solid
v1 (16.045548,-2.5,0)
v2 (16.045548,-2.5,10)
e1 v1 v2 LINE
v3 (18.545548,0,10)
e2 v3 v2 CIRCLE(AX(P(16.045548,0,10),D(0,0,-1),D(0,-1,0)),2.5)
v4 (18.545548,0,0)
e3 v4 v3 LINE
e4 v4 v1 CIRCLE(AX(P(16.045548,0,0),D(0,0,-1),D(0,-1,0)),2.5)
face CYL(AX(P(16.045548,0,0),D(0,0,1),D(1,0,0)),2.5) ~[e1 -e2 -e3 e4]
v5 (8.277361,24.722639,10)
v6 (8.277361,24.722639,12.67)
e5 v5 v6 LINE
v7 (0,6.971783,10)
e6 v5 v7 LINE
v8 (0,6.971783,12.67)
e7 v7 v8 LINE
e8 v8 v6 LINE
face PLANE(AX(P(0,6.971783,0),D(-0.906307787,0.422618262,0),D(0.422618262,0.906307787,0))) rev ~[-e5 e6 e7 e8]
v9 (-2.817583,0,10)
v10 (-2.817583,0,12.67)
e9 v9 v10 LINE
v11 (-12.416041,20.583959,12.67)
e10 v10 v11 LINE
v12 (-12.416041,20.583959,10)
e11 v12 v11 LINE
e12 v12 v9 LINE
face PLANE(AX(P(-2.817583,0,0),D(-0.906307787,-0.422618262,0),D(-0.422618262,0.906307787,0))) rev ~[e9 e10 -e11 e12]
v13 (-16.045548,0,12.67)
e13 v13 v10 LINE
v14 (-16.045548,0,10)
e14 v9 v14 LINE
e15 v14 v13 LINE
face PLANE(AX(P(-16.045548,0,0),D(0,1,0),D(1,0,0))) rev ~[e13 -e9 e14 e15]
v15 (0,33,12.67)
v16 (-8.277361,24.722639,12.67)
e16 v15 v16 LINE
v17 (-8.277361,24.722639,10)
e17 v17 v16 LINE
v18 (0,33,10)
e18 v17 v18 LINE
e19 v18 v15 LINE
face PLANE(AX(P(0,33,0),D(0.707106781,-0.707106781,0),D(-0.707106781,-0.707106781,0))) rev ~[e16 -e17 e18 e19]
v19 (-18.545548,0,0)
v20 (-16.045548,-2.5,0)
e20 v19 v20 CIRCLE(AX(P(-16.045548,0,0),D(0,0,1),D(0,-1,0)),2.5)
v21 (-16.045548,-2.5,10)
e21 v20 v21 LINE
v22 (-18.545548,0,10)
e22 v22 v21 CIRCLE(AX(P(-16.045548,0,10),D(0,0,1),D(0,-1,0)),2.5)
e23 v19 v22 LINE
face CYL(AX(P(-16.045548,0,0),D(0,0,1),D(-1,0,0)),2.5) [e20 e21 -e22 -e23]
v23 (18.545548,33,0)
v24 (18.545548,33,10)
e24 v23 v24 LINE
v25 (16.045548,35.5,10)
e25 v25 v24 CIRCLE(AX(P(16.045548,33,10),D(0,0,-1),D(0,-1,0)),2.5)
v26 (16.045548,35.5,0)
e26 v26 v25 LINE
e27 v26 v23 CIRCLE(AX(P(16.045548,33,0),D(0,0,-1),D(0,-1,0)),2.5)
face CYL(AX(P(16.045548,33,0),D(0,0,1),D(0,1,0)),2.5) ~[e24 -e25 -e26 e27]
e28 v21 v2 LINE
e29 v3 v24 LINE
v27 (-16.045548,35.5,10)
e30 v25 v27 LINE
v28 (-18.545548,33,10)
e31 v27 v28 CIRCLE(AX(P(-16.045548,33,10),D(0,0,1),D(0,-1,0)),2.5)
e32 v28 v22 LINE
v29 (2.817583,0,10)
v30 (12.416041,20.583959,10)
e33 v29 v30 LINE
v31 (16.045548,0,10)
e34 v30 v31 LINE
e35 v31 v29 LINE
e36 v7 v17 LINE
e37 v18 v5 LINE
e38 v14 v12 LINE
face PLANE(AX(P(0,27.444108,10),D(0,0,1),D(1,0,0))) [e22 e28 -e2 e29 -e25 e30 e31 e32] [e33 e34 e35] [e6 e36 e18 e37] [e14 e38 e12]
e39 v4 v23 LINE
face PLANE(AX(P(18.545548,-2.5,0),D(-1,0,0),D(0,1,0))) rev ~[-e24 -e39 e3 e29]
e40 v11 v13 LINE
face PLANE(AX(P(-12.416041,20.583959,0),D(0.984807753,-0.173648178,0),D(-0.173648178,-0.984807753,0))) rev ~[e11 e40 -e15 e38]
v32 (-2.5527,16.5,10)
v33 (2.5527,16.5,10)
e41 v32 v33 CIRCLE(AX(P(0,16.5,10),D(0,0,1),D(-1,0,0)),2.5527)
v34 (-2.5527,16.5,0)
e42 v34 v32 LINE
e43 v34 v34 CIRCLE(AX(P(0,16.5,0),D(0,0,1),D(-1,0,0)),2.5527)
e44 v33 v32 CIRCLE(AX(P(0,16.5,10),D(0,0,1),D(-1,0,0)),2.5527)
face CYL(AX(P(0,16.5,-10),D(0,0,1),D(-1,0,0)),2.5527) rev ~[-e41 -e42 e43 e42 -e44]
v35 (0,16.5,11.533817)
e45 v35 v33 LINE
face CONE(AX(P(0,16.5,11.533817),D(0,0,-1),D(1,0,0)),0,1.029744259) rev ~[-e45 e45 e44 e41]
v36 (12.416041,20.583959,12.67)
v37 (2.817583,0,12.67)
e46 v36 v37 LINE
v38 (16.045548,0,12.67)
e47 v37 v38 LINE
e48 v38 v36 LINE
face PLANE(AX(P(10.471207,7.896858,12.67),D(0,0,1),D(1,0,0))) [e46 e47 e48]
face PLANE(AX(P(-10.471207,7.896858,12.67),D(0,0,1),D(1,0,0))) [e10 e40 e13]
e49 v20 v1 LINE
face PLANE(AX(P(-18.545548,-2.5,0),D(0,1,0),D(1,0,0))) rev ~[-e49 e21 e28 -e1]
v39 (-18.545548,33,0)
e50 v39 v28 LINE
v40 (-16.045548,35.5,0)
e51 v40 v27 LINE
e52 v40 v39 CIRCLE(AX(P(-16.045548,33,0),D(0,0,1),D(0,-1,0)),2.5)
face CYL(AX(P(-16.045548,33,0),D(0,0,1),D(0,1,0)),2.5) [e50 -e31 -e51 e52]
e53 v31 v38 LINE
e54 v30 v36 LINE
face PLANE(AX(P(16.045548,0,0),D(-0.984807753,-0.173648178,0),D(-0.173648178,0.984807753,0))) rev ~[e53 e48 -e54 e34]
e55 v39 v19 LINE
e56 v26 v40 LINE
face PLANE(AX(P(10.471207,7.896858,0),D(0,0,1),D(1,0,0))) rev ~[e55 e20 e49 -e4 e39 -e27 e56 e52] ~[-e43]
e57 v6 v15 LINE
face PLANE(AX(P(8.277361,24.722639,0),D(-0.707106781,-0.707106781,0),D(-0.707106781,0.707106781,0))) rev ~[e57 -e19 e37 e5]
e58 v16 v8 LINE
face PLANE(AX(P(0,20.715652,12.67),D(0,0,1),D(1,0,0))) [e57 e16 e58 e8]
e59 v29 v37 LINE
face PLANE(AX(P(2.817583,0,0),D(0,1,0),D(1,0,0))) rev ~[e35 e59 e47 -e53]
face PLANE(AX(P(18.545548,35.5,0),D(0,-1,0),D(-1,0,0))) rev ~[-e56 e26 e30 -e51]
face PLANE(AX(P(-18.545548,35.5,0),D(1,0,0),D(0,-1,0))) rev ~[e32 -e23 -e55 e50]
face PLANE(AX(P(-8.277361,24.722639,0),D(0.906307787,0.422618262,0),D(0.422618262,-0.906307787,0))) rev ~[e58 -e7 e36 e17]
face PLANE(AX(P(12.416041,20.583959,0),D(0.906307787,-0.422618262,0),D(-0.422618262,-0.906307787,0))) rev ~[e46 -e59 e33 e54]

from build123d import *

# Parameters (mm, degrees)
F1_DEPTH = 10
F2_DEPTH = 12.67
F4_D     = 5.1054
F4_DEPTH = 10
F4_TIP   = 1.5338169022
F5_R     = 2.5


with BuildPart() as f1:
    # F0 (on Top) → F1 (new body)
    with BuildSketch(Plane.XY):
        Polygon((-8.2773605124, 24.7226394876), (0, 33), (8.2773605124, 24.7226394876), (12.4160407685, 20.5839592315), (18.5455481509, 14.4544518491), (18.5455481509, 35.5), (-18.5455481509, 35.5), (-18.5455481509, 14.4544518491), (-12.4160407685, 20.5839592315), align=None)
        Polygon((0, 0), (-2.8175829438, 0), (-16.0455481509, 0), (-18.5455481509, 0), (-18.5455481509, -2.5), (18.5455481509, -2.5), (18.5455481509, 0), (16.0455481509, 0), (2.8175829438, 0), align=None)
        Polygon((-16.0455481509, 0), (-12.4160407685, 20.5839592315), (-18.5455481509, 14.4544518491), (-18.5455481509, 0), align=None)
        Polygon((-2.8175829438, 0), (-12.4160407685, 20.5839592315), (-16.0455481509, 0), align=None)
        Polygon((0, 6.9717825853), (-8.2773605124, 24.7226394876), (-12.4160407685, 20.5839592315), (-2.8175829438, 0), (0, 0), (2.8175829438, 0), (12.4160407685, 20.5839592315), (8.2773605124, 24.7226394876), align=None)
        Polygon((16.0455481509, 0), (12.4160407685, 20.5839592315), (2.8175829438, 0), align=None)
        Polygon((18.5455481509, 14.4544518491), (12.4160407685, 20.5839592315), (16.0455481509, 0), (18.5455481509, 0), align=None)
        Polygon((8.2773605124, 24.7226394876), (0, 33), (-8.2773605124, 24.7226394876), (0, 6.9717825853), align=None)
    extrude(amount=F1_DEPTH)

    # F0 (on Top) → F2 (join)
    with BuildSketch(Plane.XY):
        Polygon((16.0455481509, 0), (12.4160407685, 20.5839592315), (2.8175829438, 0), align=None)
        Polygon((8.2773605124, 24.7226394876), (0, 33), (-8.2773605124, 24.7226394876), (0, 6.9717825853), align=None)
        Polygon((-2.8175829438, 0), (-12.4160407685, 20.5839592315), (-16.0455481509, 0), align=None)
    extrude(amount=F2_DEPTH)

    # F4
    with Locations(Plane(origin=(0, 0, 0), x_dir=(1, 0, 0), z_dir=(0, 0, -1))):
        with Locations((0, -16.5)):
            Hole(F4_D / 2, depth=F4_DEPTH)
            with Locations((0, 0, -(F4_DEPTH + F4_TIP / 2))):  # 118° drill point
                Cone(0, F4_D / 2, F4_TIP, mode=Mode.SUBTRACT)

    # F5
    f5_edges = [f1.edges().sort_by_distance(p)[0] for p in [
        (-18.545548, 35.5, 5),
        (18.545548, 35.5, 5),
        (18.545548, -2.5, 5),
        (-18.545548, -2.5, 5),
    ]]
    fillet(f5_edges, radius=F5_R)


solid = f1.part
